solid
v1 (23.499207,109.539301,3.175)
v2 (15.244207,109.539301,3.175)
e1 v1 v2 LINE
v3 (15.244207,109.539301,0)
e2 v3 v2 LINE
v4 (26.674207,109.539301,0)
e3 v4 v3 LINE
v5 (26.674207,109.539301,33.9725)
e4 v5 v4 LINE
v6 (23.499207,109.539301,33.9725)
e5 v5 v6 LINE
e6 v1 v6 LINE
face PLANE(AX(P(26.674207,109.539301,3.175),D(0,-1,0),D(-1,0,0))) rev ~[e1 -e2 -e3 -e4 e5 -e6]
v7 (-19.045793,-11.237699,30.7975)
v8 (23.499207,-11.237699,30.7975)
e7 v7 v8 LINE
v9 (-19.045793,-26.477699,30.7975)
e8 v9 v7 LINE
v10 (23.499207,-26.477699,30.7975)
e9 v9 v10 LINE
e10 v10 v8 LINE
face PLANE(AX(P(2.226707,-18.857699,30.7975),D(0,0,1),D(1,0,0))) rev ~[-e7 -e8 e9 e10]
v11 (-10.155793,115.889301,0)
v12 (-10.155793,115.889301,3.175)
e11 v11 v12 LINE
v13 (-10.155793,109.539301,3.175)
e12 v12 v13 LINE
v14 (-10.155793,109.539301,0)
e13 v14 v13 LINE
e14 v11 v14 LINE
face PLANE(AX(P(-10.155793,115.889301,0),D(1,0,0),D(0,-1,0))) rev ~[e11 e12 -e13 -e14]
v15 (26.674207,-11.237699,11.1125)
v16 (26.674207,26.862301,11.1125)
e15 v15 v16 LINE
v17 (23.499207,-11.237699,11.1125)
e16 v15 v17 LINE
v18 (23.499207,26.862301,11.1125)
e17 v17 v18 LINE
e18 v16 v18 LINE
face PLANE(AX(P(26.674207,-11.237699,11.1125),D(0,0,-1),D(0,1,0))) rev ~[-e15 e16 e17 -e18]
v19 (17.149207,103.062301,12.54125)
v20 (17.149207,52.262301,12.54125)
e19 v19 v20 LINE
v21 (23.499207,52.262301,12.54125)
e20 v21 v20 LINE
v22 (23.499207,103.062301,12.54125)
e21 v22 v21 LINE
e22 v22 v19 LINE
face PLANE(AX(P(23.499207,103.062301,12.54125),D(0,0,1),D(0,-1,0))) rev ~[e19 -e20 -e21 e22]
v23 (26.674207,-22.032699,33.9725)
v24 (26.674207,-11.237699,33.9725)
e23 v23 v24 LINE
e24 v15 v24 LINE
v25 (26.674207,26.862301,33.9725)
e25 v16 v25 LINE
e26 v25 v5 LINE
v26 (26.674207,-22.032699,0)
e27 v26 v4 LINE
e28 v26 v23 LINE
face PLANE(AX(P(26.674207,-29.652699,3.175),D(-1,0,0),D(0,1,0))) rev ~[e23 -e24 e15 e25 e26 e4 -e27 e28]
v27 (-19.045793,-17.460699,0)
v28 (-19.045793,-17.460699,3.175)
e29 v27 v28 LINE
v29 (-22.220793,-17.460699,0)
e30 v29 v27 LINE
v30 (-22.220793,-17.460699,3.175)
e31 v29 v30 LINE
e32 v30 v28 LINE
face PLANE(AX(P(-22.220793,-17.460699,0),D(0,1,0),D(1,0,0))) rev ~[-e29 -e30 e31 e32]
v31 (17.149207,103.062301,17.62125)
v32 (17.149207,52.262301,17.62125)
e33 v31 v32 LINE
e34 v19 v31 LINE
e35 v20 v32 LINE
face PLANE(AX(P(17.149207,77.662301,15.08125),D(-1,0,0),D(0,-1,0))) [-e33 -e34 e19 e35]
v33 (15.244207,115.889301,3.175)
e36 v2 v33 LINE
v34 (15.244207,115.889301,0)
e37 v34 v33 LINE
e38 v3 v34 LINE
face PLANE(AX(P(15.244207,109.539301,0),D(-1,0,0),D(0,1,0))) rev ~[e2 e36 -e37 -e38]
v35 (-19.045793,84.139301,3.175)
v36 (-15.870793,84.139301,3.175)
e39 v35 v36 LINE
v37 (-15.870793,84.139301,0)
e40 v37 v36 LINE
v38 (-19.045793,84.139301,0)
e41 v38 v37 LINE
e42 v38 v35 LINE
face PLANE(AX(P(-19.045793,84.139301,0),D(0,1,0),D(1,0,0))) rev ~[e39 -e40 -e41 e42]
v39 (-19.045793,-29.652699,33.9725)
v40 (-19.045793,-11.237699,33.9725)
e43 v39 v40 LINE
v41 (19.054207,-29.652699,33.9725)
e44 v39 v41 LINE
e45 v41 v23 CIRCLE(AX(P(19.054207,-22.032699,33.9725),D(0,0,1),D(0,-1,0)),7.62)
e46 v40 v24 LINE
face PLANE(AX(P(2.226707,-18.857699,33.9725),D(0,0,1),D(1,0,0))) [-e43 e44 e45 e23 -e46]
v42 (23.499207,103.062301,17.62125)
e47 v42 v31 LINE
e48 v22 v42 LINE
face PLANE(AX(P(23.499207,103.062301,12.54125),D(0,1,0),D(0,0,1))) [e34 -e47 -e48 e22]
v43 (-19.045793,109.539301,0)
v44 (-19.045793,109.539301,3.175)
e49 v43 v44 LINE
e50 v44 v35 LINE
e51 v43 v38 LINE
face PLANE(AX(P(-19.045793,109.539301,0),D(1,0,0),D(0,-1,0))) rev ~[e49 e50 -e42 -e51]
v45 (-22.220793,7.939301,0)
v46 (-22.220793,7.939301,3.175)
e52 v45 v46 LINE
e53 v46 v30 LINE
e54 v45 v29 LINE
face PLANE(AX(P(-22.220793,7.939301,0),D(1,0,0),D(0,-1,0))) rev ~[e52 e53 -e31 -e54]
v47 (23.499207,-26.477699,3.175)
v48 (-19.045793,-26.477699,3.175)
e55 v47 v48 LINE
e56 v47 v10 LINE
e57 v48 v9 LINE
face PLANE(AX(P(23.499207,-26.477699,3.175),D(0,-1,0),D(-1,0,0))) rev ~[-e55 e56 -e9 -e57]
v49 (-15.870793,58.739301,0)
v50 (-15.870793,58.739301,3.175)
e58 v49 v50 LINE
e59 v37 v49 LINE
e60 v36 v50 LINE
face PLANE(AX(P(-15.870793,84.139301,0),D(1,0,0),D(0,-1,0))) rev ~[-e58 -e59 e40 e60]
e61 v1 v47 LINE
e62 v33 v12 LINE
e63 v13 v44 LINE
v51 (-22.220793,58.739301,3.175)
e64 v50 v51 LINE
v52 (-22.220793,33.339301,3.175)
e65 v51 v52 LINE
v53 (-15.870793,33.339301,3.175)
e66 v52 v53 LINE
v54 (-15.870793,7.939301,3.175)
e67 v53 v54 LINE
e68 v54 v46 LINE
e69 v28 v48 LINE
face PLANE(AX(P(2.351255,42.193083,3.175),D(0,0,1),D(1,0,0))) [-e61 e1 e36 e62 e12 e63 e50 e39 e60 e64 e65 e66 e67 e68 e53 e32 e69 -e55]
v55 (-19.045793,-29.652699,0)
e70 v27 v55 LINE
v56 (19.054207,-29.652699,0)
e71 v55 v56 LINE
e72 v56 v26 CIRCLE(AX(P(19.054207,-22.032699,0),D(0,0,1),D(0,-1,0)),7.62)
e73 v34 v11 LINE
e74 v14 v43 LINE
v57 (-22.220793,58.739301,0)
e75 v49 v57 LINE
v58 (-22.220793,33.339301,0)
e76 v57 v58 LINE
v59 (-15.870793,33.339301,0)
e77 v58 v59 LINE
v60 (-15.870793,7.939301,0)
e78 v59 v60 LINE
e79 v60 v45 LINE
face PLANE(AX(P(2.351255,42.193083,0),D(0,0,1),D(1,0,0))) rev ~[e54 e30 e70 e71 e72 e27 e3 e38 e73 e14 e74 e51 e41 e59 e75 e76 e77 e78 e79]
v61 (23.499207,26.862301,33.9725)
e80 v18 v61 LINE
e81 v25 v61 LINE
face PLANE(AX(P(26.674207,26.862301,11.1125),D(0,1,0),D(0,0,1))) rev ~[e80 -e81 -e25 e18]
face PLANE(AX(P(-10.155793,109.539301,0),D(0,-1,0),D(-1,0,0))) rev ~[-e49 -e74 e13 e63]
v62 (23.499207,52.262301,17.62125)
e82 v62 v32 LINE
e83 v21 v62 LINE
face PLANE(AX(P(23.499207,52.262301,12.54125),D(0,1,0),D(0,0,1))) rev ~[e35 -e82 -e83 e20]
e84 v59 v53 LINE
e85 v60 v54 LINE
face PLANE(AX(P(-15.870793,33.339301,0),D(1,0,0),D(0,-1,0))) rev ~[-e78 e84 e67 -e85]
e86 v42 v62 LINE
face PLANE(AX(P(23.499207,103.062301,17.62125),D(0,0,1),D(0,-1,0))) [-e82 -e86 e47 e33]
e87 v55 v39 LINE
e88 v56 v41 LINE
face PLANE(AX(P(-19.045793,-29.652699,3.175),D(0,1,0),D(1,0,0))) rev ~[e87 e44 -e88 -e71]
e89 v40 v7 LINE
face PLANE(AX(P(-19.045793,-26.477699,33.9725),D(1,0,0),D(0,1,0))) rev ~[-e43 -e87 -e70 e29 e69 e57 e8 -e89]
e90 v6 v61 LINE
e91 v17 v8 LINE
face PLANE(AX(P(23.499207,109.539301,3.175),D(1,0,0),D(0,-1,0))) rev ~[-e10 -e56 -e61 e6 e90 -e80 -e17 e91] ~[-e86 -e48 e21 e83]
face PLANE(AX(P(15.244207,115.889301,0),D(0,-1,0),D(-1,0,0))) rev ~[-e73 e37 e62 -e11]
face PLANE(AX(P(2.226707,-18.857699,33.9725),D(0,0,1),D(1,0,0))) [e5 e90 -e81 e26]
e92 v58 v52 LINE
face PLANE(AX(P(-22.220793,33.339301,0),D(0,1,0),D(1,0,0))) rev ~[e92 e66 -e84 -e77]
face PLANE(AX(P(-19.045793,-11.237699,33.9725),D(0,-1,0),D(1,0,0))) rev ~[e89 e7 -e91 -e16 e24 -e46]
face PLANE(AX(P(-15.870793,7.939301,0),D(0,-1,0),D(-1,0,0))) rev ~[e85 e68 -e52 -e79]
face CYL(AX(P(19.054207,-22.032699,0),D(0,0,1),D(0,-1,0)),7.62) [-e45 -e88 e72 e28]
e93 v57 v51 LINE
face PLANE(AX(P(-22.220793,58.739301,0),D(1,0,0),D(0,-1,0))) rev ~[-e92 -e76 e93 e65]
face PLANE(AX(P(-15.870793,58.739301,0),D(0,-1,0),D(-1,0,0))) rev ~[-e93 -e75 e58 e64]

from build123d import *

# Parameters (mm, degrees)
F1_DEPTH = 3.175
F3_DEPTH = 30.7975
F4_W     = 42.545
F4_H     = 15.24
F5_DEPTH = 3.175
F6_W     = 38.1
F6_H     = 22.86
F7_DEPTH = 48.896
F8_W     = 50.8
F8_H     = 5.08
F9_DEPTH = 6.35
F10_R    = 7.62


with BuildPart() as f1:
    # F0 (on Top) → F1 (new body)
    with BuildSketch(Plane.XY):
        Polygon((-10.1557934871, 109.5393011599), (-19.0457934871, 109.5393011599), (-19.0457934871, 84.1393011599), (-15.8707934871, 84.1393011599), (-15.8707934871, 58.7393011599), (-19.0457934871, 58.7393011599), (-22.2207934871, 58.7393011599), (-22.2207934871, 33.3393011599), (-19.0457934871, 33.3393011599), (-15.8707934871, 33.3393011599), (-15.8707934871, 7.9393011599), (-19.0457934871, 7.9393011599), (-22.2207934871, 7.9393011599), (-22.2207934871, -17.4606988401), (-19.0457934871, -17.4606988401), (-19.0457934871, -29.6526988401), (26.6742065129, -29.6526988401), (26.6742065129, 109.5393011599), (15.2442065129, 109.5393011599), (15.2442065129, 115.8893011599), (-10.1557934871, 115.8893011599), align=None)
    extrude(amount=F1_DEPTH)

    # F2 (on face) → F3 (join)
    with BuildSketch(Plane.XY.offset(3.175)):
        Polygon((23.4992065129, -26.4776988401), (-19.0457934871, -26.4776988401), (-19.0457934871, -29.6526988401), (26.6742065129, -29.6526988401), (26.6742065129, 109.5393011599), (23.4992065129, 109.5393011599), align=None)
    extrude(amount=F3_DEPTH)

    # F4 (on face) → F5 (join)
    with BuildSketch(Plane.XY.offset(33.9725)):
        with Locations((2.2267065129, -18.8576988401)):
            Rectangle(F4_W, F4_H)
    extrude(amount=-F5_DEPTH)

    # F6 (on face) → F7 (cut, through all)
    with BuildSketch(Plane.YZ.offset(26.6742065129)):
        with Locations((7.8123011599, 22.5425)):
            Rectangle(F6_W, F6_H)
    extrude(amount=-F7_DEPTH, mode=Mode.SUBTRACT)

    # F8 (on face) → F9 (join)
    with BuildSketch(Plane(origin=(23.4992065129, 0, 0), x_dir=(0, -1, 0), z_dir=(-1, 0, 0))):
        with Locations((-77.6623011599, 15.08125)):
            Rectangle(F8_W, F8_H)
    extrude(amount=F9_DEPTH)

    # F10
    f10_edges = [f1.edges().sort_by_distance(p)[0] for p in [
        (26.674207, -29.652699, 16.98625),
    ]]
    fillet(f10_edges, radius=F10_R)


solid = f1.part
